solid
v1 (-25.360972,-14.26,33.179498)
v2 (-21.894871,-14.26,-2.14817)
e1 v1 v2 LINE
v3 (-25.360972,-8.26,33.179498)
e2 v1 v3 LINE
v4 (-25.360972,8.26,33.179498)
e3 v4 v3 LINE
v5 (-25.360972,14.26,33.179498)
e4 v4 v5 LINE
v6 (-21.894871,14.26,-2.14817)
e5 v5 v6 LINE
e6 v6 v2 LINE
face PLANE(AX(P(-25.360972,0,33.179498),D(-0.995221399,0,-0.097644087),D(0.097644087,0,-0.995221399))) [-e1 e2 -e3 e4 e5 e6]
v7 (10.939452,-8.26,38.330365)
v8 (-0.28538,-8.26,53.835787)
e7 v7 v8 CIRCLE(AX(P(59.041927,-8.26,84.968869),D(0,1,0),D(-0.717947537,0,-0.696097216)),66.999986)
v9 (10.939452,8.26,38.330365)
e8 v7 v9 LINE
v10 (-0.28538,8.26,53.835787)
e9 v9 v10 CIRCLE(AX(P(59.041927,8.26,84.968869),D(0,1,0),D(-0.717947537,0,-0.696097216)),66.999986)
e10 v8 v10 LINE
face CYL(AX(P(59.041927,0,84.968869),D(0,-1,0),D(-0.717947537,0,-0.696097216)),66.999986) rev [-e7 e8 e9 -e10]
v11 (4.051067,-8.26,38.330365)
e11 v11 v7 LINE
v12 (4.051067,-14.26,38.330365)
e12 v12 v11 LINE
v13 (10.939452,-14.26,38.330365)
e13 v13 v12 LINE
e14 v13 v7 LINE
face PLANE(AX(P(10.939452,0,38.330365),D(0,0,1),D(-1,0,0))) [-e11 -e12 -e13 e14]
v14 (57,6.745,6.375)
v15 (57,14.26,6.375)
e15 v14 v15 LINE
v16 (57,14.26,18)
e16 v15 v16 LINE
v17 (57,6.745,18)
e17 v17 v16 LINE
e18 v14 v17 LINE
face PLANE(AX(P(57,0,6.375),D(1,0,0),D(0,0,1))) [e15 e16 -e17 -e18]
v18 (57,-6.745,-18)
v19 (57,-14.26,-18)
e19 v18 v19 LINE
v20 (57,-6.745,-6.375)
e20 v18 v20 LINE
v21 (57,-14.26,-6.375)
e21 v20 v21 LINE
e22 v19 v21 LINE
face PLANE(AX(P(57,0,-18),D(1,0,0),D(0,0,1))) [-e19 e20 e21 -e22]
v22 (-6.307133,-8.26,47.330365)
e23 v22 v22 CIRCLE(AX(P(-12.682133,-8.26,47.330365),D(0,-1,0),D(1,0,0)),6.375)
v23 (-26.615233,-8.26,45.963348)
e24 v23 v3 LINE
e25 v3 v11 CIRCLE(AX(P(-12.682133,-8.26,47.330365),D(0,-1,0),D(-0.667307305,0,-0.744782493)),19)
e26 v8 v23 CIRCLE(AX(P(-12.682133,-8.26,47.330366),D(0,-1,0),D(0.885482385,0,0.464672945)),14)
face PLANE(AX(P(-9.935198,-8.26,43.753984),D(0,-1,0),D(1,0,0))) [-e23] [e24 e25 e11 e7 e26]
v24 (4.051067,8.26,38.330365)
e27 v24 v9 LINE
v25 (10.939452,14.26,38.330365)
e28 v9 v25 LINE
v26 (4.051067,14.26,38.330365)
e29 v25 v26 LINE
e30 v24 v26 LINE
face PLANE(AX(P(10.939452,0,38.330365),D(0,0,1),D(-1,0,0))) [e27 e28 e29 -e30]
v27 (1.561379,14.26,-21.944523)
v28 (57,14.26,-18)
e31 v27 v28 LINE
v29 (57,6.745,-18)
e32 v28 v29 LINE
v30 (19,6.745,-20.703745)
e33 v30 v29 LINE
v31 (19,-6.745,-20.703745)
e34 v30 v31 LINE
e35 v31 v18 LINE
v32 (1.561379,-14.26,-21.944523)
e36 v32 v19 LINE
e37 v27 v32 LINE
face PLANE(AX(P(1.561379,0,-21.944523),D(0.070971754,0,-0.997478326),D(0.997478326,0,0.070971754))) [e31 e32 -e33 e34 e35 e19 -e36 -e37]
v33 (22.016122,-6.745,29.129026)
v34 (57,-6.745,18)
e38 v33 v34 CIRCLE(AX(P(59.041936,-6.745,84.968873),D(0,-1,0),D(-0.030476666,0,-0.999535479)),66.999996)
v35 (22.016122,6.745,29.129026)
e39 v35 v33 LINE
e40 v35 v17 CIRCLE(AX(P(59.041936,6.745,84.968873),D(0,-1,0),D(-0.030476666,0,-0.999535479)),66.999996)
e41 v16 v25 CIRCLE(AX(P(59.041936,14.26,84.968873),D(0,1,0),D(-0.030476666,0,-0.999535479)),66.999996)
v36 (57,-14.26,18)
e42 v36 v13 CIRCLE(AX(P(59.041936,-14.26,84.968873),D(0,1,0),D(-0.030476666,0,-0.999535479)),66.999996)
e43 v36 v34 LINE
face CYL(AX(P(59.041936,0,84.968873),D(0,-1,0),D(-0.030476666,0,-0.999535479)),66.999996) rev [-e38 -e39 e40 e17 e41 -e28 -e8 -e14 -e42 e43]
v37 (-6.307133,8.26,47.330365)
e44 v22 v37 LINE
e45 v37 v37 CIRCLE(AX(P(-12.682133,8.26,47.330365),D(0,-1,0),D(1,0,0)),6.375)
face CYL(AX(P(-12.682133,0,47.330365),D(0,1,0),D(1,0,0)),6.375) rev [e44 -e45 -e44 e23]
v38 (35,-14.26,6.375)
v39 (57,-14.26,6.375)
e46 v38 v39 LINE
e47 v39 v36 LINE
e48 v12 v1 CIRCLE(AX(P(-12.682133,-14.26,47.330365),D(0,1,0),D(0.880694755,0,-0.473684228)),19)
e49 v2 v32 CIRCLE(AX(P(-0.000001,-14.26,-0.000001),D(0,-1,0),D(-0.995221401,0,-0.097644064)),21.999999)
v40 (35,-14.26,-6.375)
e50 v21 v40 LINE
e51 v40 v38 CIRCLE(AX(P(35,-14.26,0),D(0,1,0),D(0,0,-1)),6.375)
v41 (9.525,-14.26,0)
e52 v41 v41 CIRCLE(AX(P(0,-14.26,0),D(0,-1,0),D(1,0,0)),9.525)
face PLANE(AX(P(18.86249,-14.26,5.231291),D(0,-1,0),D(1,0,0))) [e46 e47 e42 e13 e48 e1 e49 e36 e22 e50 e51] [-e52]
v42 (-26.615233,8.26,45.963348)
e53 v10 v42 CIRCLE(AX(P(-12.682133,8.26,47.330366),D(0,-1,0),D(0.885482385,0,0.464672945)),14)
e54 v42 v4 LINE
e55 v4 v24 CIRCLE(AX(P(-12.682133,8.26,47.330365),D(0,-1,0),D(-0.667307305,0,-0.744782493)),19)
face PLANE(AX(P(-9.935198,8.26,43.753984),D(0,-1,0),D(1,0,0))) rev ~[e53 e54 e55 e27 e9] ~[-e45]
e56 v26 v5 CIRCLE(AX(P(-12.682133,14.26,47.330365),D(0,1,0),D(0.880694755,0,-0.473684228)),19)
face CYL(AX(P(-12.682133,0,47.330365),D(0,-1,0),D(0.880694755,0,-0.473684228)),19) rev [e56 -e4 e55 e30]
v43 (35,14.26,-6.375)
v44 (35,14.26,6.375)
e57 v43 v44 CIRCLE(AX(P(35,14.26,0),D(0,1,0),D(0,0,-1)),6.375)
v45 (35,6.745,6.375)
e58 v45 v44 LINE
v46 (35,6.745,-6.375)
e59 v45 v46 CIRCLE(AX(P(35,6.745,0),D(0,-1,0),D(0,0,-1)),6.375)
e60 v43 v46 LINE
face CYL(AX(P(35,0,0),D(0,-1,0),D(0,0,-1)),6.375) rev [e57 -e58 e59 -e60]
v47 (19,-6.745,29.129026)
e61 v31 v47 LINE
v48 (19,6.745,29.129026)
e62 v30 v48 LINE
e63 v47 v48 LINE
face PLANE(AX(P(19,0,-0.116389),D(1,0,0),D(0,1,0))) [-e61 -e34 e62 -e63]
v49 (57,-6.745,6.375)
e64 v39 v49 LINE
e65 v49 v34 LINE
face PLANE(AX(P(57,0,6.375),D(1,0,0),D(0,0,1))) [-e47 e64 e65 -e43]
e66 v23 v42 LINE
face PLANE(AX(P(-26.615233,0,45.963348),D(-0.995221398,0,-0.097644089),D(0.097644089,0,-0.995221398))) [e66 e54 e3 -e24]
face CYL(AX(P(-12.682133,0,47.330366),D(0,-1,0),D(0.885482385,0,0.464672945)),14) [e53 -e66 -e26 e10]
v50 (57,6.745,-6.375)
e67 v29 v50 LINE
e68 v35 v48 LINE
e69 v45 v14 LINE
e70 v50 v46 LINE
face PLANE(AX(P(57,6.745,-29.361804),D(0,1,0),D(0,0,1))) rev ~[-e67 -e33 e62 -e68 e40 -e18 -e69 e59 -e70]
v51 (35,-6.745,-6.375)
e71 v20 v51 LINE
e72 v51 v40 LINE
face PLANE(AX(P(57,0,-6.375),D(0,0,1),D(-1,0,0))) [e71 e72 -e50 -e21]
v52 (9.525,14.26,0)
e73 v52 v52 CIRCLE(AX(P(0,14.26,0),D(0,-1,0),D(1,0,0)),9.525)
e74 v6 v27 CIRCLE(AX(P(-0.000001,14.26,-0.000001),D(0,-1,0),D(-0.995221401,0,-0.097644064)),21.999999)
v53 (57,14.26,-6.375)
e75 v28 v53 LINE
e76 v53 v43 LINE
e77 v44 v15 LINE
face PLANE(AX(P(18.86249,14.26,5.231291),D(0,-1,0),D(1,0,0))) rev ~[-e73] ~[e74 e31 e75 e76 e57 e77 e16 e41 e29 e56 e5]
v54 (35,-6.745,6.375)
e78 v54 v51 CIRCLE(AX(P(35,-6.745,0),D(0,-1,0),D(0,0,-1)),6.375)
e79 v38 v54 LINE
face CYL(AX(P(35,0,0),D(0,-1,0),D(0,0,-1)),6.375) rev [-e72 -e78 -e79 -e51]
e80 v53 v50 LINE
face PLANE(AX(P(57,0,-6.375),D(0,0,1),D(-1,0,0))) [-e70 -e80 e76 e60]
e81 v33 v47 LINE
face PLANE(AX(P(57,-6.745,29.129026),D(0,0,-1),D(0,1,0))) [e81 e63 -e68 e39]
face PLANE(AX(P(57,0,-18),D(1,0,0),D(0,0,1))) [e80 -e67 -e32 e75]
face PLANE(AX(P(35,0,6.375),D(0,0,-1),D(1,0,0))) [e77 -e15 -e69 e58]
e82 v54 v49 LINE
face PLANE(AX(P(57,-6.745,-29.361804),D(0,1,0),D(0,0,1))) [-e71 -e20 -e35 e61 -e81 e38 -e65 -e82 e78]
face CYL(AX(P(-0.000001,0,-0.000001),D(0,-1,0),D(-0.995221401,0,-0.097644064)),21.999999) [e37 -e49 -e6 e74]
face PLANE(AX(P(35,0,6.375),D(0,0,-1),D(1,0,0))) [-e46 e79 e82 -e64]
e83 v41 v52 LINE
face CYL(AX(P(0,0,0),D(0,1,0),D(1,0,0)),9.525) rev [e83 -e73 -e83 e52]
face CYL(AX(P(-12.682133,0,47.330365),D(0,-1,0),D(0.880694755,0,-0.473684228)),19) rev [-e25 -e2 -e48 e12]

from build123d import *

# Parameters (mm, degrees)
F0_R     = 6.375
F1_DEPTH = 8.26
F0_R_2   = 9.525
F2_DEPTH = 14.26
F3_W     = 13.49
F3_H     = 58.49083
F4_DEPTH = 38


with BuildPart() as f1:
    # F0 (on Front) → F1 (new body, symmetric)
    with BuildSketch(Plane.XZ):
        with BuildLine():
            Line((-26.615233, 45.963348), (-25.360972, 33.179498))
            ThreePointArc((-25.360972, 33.179498), (-9.404585, 28.615193), (4.051067, 38.330365))
            Line((4.051067, 38.330365), (10.939452, 38.330365))
            ThreePointArc((10.939452, 38.330365), (4.770442, 45.680142), (-0.28538, 53.835787))
            ThreePointArc((-0.28538, 53.835787), (-16.692609, 60.743646), (-26.615233, 45.963348))
        make_face()
        with Locations((-12.682133, 47.330365)):
            Circle(F0_R, mode=Mode.SUBTRACT)
    extrude(amount=F1_DEPTH, both=True)

    # F0 (on Front) → F2 (join, symmetric)
    with BuildSketch(Plane.XZ):
        with BuildLine():
            Line((-25.360972, 33.179498), (-21.894871, -2.14817))
            ThreePointArc((-21.894871, -2.14817), (-14.189314, -16.812596), (1.561379, -21.944523))
            Line((1.561379, -21.944523), (57, -18))
            Line((57, -18), (57, -6.375))
            Line((57, -6.375), (35, -6.375))
            ThreePointArc((35, -6.375), (28.625, 0), (35, 6.375))
            Line((35, 6.375), (57, 6.375))
            Line((57, 6.375), (57, 18))
            ThreePointArc((57, 18), (31.987423, 23.674071), (10.939452, 38.330365))
            Line((10.939452, 38.330365), (4.051067, 38.330365))
            ThreePointArc((4.051067, 38.330365), (-9.404585, 28.615193), (-25.360972, 33.179498))
        make_face()
        Circle(F0_R_2, mode=Mode.SUBTRACT)
    extrude(amount=F2_DEPTH, both=True)

    # F3 (on face) → F4 (cut)
    with BuildSketch(Plane.YZ.offset(57)):
        with Locations((0, -0.116389)):
            Rectangle(F3_W, F3_H)
    extrude(amount=-F4_DEPTH, mode=Mode.SUBTRACT)


solid = f1.part
